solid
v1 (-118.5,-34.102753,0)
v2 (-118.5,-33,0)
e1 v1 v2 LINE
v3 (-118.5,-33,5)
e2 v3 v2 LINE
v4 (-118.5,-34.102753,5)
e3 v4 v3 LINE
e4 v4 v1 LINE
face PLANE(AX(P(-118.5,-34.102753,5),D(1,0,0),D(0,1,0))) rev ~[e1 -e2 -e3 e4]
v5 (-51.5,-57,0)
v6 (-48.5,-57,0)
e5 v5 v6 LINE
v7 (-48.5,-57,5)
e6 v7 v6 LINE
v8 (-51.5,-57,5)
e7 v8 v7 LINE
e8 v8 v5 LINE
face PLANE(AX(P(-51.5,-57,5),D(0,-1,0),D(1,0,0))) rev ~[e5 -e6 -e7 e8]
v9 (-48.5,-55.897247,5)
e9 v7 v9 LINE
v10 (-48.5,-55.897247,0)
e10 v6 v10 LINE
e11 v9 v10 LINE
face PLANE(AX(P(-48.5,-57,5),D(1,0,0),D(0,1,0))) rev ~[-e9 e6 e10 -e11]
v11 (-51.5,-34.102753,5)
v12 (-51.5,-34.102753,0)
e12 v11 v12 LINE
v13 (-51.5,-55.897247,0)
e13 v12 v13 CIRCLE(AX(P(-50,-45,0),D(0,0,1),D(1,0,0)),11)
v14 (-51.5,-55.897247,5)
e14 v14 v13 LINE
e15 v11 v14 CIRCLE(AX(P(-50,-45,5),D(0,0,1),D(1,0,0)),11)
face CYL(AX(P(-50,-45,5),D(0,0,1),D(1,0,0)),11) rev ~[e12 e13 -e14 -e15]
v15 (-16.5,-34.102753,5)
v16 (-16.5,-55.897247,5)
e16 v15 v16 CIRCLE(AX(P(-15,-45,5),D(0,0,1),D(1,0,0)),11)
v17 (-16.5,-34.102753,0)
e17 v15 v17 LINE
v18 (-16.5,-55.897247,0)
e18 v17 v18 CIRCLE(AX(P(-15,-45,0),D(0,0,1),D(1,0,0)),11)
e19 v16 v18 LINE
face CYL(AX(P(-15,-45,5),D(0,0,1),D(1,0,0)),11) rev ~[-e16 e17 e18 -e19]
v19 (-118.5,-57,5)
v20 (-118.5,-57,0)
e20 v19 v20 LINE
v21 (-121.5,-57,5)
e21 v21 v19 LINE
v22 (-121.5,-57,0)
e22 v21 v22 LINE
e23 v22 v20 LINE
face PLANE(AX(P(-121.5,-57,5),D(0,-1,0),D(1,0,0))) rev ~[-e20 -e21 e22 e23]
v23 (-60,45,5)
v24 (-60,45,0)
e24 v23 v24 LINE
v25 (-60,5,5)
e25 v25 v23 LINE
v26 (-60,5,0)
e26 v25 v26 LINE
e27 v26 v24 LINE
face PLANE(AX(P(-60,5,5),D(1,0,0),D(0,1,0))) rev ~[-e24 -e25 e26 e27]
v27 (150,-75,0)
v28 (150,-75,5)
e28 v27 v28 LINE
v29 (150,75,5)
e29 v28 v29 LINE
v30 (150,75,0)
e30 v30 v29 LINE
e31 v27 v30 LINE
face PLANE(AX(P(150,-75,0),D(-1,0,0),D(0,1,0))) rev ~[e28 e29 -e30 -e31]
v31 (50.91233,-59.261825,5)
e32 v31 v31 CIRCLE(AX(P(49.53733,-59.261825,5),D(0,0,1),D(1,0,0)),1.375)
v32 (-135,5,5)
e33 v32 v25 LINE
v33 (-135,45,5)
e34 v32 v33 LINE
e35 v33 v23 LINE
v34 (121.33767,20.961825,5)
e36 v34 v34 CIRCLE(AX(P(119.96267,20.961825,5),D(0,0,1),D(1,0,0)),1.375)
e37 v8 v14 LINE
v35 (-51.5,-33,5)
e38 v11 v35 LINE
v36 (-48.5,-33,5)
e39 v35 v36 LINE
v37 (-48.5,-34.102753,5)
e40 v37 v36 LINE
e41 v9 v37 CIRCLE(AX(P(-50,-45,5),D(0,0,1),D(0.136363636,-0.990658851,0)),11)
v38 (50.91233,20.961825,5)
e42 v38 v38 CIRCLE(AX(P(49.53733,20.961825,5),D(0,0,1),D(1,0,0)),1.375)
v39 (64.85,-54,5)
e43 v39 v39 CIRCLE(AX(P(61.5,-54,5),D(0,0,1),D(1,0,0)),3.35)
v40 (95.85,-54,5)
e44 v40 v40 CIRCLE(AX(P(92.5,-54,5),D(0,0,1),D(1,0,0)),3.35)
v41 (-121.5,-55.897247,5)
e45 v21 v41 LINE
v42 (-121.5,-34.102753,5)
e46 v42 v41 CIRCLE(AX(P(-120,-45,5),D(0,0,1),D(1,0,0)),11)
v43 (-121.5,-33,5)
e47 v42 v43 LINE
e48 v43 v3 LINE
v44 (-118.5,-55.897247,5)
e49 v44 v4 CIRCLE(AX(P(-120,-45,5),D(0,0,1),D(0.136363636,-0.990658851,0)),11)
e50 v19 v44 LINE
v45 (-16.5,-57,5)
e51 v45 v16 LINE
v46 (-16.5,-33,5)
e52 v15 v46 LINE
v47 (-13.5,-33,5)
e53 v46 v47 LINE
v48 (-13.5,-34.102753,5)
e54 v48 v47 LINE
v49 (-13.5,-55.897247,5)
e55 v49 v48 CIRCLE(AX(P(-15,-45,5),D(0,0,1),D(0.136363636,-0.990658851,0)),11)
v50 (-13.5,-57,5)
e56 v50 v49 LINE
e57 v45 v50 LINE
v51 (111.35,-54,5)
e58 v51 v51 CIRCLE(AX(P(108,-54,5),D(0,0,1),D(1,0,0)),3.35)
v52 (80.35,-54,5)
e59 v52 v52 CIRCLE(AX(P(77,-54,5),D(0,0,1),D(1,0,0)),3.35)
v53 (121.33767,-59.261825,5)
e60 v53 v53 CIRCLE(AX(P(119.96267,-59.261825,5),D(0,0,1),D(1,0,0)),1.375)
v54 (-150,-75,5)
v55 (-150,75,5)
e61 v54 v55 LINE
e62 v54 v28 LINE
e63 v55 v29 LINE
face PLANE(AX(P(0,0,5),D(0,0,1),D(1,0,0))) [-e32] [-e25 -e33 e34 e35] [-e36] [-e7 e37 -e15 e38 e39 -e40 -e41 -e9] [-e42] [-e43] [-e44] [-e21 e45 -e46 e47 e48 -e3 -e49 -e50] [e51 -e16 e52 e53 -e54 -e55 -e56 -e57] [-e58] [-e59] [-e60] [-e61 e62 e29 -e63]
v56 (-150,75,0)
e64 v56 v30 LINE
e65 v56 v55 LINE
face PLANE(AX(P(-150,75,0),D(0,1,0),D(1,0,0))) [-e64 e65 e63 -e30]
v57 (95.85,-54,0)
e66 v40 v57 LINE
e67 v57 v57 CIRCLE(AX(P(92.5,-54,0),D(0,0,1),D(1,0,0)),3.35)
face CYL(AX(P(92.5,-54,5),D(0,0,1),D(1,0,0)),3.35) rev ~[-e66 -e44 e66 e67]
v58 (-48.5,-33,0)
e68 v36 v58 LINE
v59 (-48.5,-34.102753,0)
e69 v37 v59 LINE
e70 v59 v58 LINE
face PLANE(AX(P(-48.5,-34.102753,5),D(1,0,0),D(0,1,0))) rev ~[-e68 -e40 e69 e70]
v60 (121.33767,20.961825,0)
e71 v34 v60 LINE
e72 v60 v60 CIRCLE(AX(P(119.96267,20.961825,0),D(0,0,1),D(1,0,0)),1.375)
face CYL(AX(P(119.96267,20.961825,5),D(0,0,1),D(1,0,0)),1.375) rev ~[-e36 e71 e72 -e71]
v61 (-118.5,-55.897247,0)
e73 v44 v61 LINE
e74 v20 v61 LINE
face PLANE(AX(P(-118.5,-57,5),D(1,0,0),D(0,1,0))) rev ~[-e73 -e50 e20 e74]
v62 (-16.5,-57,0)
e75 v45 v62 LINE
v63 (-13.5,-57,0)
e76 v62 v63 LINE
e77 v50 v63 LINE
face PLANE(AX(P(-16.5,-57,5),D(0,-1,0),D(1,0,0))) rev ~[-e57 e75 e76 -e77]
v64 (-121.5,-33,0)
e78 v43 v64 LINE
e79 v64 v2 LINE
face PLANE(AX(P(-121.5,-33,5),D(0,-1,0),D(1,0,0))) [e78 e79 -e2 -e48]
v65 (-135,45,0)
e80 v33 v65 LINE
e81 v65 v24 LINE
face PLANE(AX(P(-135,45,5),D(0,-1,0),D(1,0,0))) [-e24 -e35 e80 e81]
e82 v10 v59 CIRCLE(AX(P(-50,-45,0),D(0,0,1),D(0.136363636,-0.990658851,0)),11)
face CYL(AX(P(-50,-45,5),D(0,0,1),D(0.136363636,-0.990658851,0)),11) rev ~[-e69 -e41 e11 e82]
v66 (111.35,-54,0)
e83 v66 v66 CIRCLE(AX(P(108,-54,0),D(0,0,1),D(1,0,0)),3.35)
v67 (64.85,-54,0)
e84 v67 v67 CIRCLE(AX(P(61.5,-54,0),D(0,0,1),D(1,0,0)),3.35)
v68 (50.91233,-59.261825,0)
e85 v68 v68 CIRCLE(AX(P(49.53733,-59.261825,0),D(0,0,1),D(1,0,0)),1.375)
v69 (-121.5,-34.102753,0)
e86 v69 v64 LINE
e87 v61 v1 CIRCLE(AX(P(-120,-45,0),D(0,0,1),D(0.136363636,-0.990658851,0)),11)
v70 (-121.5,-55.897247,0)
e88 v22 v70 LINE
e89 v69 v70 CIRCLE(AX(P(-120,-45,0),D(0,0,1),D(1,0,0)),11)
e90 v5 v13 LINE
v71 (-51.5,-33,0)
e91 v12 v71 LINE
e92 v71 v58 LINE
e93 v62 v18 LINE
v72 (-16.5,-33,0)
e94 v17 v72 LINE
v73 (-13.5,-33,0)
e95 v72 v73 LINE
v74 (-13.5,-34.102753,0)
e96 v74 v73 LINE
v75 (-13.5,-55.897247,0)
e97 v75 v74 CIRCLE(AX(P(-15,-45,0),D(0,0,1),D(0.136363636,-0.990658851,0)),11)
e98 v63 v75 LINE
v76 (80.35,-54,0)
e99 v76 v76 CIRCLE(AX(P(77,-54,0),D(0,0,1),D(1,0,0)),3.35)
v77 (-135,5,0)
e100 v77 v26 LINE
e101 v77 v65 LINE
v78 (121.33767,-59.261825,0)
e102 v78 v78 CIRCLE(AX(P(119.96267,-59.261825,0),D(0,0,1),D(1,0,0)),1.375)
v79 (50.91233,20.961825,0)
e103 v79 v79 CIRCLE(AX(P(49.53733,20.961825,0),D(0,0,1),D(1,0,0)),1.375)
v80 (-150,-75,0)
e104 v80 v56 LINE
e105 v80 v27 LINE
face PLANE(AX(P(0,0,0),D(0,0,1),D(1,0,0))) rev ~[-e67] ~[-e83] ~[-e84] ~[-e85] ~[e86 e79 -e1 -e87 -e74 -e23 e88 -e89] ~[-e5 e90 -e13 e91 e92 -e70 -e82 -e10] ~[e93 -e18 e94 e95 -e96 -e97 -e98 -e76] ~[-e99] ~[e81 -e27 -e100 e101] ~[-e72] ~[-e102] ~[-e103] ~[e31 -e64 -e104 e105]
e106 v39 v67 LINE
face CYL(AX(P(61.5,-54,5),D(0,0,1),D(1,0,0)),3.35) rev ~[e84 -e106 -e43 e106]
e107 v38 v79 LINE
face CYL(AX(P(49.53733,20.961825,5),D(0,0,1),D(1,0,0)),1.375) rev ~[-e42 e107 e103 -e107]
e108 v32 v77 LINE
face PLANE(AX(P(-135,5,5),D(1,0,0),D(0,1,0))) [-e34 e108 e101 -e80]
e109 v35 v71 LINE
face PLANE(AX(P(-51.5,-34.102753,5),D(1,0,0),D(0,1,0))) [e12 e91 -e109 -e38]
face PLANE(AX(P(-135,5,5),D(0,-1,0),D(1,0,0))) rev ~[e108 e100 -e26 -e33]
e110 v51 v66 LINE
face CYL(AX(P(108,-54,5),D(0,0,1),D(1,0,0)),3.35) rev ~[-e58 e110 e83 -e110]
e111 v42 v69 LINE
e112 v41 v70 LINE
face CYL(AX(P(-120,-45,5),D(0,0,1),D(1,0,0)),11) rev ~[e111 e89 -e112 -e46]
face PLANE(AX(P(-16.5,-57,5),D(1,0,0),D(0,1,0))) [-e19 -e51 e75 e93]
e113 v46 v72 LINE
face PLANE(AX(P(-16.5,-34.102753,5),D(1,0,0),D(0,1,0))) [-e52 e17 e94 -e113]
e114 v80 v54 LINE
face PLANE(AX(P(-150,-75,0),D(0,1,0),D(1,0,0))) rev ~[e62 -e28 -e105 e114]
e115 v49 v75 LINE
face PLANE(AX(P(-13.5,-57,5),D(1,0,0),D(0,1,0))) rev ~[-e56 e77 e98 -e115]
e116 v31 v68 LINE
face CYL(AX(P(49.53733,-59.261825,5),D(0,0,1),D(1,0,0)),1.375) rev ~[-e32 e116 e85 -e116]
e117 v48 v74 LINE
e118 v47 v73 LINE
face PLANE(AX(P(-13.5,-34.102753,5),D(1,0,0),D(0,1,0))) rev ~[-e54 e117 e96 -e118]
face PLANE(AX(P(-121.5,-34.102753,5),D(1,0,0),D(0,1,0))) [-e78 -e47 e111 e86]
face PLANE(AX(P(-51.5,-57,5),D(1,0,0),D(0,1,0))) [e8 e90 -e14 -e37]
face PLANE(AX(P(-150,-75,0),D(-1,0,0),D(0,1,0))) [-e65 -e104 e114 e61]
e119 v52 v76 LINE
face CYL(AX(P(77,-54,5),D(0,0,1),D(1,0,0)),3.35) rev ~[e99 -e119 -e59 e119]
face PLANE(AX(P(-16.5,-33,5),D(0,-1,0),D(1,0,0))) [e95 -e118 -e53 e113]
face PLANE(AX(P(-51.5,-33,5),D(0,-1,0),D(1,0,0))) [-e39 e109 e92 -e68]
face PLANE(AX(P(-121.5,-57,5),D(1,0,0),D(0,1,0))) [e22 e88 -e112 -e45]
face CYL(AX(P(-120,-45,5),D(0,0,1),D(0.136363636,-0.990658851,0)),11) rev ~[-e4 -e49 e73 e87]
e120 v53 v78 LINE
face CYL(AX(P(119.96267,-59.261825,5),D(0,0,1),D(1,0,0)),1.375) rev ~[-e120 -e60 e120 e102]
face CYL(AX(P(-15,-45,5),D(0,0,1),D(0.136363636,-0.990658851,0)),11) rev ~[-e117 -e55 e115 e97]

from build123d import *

# Parameters (mm, degrees)
SKIZZE1_W                       = 300
SKIZZE1_H                       = 150
AUFSATZ_LINEAR_AUSTRAGEN1_DEPTH = 5
SKIZZE3_W                       = 75
SKIZZE3_H                       = 40
SCHNITT_LINEAR_AUSTRAGEN2_DEPTH = 168.779617356
SKIZZE5_R                       = 11
SKIZZE5_W                       = 3
SKIZZE5_H                       = 24
SCHNITT_LINEAR_AUSTRAGEN4_DEPTH = 168.779617356
SKIZZE2_R                       = 1.375
SKIZZE2_R_2                     = 3.35
SCHNITT_LINEAR_AUSTRAGEN5_DEPTH = 168.779617356


with BuildPart() as part:
    # Skizze1 → Aufsatz-Linear austragen1 (new body)
    with BuildSketch(Plane.XY):
        Rectangle(SKIZZE1_W, SKIZZE1_H)
    extrude(amount=AUFSATZ_LINEAR_AUSTRAGEN1_DEPTH)

    # Skizze3 → Schnitt-Linear austragen2 (cut, through all)
    with BuildSketch(Plane.XY.offset(5)):
        with Locations((-97.5, 25)):
            Rectangle(SKIZZE3_W, SKIZZE3_H)
    extrude(amount=-SCHNITT_LINEAR_AUSTRAGEN2_DEPTH, mode=Mode.SUBTRACT)

    # Skizze5 → Schnitt-Linear austragen4 (cut, through all)
    with BuildSketch(Plane.XY.offset(5)):
        with Locations((-15, -45)):
            Circle(SKIZZE5_R)
        with Locations((-50, -45)):
            Circle(SKIZZE5_R)
        with Locations((-120, -45)):
            Circle(SKIZZE5_R)
        with Locations((-15, -45)):
            Rectangle(SKIZZE5_W, SKIZZE5_H)
        with Locations((-50, -45)):
            Rectangle(SKIZZE5_W, SKIZZE5_H)
        with Locations((-120, -45)):
            Rectangle(SKIZZE5_W, SKIZZE5_H)
    extrude(amount=-SCHNITT_LINEAR_AUSTRAGEN4_DEPTH, mode=Mode.SUBTRACT)

    # Skizze2 → Schnitt-Linear austragen5 (cut, through all)
    with BuildSketch(Plane.XY.offset(5)):
        with Locations((49.537329599, 20.961824544)):
            Circle(SKIZZE2_R)
        with Locations((119.962670401, 20.961824544)):
            Circle(SKIZZE2_R)
        with Locations((119.962670401, -59.261824544)):
            Circle(SKIZZE2_R)
        with Locations((49.537329599, -59.261824544)):
            Circle(SKIZZE2_R)
        with Locations((61.5, -54)):
            Circle(SKIZZE2_R_2)
        with Locations((77, -54)):
            Circle(SKIZZE2_R_2)
        with Locations((92.5, -54)):
            Circle(SKIZZE2_R_2)
        with Locations((108, -54)):
            Circle(SKIZZE2_R_2)
    extrude(amount=-SCHNITT_LINEAR_AUSTRAGEN5_DEPTH, mode=Mode.SUBTRACT)


solid = part.part
